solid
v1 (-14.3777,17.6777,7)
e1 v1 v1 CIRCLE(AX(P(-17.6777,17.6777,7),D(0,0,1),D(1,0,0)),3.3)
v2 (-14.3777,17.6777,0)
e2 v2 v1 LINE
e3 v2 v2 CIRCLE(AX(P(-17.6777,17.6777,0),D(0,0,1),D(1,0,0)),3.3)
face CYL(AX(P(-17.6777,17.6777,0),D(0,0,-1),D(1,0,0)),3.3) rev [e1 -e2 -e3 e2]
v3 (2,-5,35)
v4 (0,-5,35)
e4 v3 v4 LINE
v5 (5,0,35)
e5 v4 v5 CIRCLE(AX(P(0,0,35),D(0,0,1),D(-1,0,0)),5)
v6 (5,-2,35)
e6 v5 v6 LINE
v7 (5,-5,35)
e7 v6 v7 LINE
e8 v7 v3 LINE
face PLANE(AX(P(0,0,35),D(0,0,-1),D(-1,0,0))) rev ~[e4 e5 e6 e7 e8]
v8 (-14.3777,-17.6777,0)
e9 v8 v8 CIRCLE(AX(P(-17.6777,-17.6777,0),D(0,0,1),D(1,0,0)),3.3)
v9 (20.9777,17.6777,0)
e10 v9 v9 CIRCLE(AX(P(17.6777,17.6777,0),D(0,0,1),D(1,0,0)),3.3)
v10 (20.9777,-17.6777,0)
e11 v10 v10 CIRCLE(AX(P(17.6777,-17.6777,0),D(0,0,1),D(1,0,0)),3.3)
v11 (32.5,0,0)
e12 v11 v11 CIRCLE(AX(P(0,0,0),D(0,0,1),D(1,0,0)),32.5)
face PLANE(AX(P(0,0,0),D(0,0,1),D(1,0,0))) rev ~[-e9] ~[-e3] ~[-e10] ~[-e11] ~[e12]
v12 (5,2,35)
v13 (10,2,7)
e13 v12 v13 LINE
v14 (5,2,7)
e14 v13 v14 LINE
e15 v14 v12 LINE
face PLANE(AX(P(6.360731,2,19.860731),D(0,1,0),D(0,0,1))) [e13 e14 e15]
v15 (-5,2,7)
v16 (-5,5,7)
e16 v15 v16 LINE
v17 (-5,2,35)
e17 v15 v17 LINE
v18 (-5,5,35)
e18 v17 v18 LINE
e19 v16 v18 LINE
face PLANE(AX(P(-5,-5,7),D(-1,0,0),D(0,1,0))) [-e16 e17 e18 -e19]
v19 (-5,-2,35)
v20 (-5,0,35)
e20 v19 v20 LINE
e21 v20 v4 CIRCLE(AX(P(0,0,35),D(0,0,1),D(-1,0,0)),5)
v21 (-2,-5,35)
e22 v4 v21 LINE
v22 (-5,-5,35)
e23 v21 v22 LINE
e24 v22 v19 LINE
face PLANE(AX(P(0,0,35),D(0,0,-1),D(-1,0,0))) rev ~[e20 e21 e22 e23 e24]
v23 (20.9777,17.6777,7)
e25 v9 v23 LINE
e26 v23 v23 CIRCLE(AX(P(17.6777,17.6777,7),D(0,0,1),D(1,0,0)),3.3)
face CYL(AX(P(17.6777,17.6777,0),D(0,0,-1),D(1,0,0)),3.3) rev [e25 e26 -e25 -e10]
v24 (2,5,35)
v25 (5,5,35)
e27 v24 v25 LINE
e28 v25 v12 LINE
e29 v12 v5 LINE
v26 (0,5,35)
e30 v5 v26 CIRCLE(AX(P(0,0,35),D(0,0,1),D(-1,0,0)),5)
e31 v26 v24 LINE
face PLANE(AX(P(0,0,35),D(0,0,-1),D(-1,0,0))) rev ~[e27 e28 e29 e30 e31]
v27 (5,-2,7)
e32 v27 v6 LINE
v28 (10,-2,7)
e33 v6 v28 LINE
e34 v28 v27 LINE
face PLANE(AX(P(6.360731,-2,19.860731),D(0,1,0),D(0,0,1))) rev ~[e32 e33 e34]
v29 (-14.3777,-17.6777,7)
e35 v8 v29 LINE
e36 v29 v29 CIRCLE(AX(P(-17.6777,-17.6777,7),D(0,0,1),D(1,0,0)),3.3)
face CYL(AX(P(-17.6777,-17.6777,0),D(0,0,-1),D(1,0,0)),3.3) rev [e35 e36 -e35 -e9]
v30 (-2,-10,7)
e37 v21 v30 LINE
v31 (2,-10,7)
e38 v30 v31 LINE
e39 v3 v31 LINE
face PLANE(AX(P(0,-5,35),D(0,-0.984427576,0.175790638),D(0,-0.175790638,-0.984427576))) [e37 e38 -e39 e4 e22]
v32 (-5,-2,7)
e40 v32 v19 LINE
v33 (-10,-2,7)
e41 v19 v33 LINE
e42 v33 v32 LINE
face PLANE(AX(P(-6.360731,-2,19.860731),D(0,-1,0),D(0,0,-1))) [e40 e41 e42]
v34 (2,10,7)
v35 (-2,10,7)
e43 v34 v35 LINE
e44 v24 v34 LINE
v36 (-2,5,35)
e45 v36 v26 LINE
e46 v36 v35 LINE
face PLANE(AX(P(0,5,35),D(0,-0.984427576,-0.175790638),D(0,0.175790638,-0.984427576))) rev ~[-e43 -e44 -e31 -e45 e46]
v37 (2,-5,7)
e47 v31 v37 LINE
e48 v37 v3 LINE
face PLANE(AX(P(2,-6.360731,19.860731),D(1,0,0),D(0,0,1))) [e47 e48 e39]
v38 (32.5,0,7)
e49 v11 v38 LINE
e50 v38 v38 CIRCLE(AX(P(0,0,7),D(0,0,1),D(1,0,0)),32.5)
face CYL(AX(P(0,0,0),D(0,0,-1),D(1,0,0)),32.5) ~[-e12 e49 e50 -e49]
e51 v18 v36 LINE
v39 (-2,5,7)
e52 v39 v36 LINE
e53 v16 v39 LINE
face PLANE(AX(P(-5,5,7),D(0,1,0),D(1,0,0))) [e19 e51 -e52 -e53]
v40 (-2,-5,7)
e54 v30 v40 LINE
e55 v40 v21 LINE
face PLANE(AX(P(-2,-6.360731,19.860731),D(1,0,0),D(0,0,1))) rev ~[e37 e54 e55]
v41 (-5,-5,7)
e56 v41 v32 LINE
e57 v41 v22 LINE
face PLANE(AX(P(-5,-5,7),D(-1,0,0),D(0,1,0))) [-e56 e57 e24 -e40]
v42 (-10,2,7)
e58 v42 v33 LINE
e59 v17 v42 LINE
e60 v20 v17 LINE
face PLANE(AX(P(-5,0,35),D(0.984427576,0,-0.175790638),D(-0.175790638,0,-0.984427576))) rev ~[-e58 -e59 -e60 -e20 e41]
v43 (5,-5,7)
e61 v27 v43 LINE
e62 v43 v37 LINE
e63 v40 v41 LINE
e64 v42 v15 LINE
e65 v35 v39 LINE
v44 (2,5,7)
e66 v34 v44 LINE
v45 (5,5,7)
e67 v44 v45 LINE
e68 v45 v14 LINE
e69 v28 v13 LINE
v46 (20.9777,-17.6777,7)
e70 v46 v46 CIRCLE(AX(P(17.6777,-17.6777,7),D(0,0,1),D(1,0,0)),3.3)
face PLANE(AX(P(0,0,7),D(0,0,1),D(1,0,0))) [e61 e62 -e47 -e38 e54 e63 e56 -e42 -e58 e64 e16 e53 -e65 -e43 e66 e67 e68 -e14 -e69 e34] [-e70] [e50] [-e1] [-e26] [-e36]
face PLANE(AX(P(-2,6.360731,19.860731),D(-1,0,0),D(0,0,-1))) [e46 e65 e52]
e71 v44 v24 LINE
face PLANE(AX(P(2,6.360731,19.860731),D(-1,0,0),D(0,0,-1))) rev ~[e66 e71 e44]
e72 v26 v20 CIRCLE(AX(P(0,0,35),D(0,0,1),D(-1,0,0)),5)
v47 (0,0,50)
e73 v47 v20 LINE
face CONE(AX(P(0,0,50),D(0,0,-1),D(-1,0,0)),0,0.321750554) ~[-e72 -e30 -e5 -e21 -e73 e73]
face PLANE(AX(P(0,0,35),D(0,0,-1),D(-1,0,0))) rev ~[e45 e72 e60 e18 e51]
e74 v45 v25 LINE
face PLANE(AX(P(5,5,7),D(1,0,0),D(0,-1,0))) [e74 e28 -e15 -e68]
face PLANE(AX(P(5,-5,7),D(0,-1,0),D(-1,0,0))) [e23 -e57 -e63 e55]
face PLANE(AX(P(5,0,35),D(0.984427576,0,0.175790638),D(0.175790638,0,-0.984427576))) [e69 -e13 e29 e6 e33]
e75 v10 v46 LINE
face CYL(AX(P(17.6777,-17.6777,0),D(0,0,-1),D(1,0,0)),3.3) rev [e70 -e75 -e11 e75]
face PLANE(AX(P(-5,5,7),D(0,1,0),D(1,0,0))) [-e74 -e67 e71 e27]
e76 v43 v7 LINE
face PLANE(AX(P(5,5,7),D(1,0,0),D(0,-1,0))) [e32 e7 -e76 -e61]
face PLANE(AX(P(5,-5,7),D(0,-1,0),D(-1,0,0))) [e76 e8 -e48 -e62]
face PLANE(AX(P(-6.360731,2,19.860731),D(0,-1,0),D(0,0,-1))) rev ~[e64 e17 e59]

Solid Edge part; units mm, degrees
sketch "Sketch1" plane through (0, 0, 0) normal (0, 0, 1) x (1, 0, 0)
  circle A0 centre (0, 0) radius 32.5
  circle A1 centre (-17.6777, 17.6777) radius 3.3
  circle A2 centre (17.6777, 17.6777) radius 3.3
  circle A3 centre (17.6777, -17.6777) radius 3.3
  circle A4 centre (-17.6777, -17.6777) radius 3.3
  dimension "D1" = 65
  dimension "D2" = 50
  dimension "D3" = 6.6
extrude "Protrusion1" add sketch "Sketch1" along normal blind 7
sketch "Sketch2" plane through (0, 0, 7) normal (0, 0, 1) x (1, 0, 0)
  line L0 (-5, 5) -> (5, 5)
  line L1 (5, 5) -> (5, -5)
  line L2 (5, -5) -> (-5, -5)
  line L3 (-5, -5) -> (-5, 5)
  dimension "D1" = 10
extrude "ExtrudedProtrusion_9" add sketch "Sketch2" along normal blind 28
sketch "Sketch3" plane through (0, 0, 0) normal (-1, 0, 0) x (0, -1, 0)
  line L0 (-5, 35) -> (-10, 7)
  line L1 (-10, 7) -> (-5, 7)
  line L2 (-5, 7) -> (-5, 35)
  line L3 (5, 35) -> (10, 7)
  line L4 (10, 7) -> (5, 7)
  line L5 (5, 7) -> (5, 35)
  dimension "D1" = 5
extrude "ExtrudedProtrusion_10" add sketch "Sketch3" along normal mid plane 4
sketch "Sketch4" plane through (0, 0, 0) normal (0, -1, 0) x (1, 0, 0)
  line L0 (-5, 35) -> (-10, 7)
  line L1 (-10, 7) -> (-5, 7)
  line L2 (-5, 7) -> (-5, 35)
  line L3 (5, 35) -> (10, 7)
  line L4 (10, 7) -> (5, 7)
  line L5 (5, 7) -> (5, 35)
  dimension "D1" = 5
extrude "ExtrudedProtrusion_11" add sketch "Sketch4" along normal mid plane 4
sketch "Sketch5" plane through (0, 0, 0) normal (0, -1, 0) x (1, 0, 0)
  line L0 (0, 50) -> (-5, 35)
  line L1 (-5, 35) -> (0, 35)
  dimension "D1" = 50
revolve "RevolvedProtrusion1" add sketch "Sketch5" angle 360 about axis through (0, 0, 35) along (0, 0, 1)
